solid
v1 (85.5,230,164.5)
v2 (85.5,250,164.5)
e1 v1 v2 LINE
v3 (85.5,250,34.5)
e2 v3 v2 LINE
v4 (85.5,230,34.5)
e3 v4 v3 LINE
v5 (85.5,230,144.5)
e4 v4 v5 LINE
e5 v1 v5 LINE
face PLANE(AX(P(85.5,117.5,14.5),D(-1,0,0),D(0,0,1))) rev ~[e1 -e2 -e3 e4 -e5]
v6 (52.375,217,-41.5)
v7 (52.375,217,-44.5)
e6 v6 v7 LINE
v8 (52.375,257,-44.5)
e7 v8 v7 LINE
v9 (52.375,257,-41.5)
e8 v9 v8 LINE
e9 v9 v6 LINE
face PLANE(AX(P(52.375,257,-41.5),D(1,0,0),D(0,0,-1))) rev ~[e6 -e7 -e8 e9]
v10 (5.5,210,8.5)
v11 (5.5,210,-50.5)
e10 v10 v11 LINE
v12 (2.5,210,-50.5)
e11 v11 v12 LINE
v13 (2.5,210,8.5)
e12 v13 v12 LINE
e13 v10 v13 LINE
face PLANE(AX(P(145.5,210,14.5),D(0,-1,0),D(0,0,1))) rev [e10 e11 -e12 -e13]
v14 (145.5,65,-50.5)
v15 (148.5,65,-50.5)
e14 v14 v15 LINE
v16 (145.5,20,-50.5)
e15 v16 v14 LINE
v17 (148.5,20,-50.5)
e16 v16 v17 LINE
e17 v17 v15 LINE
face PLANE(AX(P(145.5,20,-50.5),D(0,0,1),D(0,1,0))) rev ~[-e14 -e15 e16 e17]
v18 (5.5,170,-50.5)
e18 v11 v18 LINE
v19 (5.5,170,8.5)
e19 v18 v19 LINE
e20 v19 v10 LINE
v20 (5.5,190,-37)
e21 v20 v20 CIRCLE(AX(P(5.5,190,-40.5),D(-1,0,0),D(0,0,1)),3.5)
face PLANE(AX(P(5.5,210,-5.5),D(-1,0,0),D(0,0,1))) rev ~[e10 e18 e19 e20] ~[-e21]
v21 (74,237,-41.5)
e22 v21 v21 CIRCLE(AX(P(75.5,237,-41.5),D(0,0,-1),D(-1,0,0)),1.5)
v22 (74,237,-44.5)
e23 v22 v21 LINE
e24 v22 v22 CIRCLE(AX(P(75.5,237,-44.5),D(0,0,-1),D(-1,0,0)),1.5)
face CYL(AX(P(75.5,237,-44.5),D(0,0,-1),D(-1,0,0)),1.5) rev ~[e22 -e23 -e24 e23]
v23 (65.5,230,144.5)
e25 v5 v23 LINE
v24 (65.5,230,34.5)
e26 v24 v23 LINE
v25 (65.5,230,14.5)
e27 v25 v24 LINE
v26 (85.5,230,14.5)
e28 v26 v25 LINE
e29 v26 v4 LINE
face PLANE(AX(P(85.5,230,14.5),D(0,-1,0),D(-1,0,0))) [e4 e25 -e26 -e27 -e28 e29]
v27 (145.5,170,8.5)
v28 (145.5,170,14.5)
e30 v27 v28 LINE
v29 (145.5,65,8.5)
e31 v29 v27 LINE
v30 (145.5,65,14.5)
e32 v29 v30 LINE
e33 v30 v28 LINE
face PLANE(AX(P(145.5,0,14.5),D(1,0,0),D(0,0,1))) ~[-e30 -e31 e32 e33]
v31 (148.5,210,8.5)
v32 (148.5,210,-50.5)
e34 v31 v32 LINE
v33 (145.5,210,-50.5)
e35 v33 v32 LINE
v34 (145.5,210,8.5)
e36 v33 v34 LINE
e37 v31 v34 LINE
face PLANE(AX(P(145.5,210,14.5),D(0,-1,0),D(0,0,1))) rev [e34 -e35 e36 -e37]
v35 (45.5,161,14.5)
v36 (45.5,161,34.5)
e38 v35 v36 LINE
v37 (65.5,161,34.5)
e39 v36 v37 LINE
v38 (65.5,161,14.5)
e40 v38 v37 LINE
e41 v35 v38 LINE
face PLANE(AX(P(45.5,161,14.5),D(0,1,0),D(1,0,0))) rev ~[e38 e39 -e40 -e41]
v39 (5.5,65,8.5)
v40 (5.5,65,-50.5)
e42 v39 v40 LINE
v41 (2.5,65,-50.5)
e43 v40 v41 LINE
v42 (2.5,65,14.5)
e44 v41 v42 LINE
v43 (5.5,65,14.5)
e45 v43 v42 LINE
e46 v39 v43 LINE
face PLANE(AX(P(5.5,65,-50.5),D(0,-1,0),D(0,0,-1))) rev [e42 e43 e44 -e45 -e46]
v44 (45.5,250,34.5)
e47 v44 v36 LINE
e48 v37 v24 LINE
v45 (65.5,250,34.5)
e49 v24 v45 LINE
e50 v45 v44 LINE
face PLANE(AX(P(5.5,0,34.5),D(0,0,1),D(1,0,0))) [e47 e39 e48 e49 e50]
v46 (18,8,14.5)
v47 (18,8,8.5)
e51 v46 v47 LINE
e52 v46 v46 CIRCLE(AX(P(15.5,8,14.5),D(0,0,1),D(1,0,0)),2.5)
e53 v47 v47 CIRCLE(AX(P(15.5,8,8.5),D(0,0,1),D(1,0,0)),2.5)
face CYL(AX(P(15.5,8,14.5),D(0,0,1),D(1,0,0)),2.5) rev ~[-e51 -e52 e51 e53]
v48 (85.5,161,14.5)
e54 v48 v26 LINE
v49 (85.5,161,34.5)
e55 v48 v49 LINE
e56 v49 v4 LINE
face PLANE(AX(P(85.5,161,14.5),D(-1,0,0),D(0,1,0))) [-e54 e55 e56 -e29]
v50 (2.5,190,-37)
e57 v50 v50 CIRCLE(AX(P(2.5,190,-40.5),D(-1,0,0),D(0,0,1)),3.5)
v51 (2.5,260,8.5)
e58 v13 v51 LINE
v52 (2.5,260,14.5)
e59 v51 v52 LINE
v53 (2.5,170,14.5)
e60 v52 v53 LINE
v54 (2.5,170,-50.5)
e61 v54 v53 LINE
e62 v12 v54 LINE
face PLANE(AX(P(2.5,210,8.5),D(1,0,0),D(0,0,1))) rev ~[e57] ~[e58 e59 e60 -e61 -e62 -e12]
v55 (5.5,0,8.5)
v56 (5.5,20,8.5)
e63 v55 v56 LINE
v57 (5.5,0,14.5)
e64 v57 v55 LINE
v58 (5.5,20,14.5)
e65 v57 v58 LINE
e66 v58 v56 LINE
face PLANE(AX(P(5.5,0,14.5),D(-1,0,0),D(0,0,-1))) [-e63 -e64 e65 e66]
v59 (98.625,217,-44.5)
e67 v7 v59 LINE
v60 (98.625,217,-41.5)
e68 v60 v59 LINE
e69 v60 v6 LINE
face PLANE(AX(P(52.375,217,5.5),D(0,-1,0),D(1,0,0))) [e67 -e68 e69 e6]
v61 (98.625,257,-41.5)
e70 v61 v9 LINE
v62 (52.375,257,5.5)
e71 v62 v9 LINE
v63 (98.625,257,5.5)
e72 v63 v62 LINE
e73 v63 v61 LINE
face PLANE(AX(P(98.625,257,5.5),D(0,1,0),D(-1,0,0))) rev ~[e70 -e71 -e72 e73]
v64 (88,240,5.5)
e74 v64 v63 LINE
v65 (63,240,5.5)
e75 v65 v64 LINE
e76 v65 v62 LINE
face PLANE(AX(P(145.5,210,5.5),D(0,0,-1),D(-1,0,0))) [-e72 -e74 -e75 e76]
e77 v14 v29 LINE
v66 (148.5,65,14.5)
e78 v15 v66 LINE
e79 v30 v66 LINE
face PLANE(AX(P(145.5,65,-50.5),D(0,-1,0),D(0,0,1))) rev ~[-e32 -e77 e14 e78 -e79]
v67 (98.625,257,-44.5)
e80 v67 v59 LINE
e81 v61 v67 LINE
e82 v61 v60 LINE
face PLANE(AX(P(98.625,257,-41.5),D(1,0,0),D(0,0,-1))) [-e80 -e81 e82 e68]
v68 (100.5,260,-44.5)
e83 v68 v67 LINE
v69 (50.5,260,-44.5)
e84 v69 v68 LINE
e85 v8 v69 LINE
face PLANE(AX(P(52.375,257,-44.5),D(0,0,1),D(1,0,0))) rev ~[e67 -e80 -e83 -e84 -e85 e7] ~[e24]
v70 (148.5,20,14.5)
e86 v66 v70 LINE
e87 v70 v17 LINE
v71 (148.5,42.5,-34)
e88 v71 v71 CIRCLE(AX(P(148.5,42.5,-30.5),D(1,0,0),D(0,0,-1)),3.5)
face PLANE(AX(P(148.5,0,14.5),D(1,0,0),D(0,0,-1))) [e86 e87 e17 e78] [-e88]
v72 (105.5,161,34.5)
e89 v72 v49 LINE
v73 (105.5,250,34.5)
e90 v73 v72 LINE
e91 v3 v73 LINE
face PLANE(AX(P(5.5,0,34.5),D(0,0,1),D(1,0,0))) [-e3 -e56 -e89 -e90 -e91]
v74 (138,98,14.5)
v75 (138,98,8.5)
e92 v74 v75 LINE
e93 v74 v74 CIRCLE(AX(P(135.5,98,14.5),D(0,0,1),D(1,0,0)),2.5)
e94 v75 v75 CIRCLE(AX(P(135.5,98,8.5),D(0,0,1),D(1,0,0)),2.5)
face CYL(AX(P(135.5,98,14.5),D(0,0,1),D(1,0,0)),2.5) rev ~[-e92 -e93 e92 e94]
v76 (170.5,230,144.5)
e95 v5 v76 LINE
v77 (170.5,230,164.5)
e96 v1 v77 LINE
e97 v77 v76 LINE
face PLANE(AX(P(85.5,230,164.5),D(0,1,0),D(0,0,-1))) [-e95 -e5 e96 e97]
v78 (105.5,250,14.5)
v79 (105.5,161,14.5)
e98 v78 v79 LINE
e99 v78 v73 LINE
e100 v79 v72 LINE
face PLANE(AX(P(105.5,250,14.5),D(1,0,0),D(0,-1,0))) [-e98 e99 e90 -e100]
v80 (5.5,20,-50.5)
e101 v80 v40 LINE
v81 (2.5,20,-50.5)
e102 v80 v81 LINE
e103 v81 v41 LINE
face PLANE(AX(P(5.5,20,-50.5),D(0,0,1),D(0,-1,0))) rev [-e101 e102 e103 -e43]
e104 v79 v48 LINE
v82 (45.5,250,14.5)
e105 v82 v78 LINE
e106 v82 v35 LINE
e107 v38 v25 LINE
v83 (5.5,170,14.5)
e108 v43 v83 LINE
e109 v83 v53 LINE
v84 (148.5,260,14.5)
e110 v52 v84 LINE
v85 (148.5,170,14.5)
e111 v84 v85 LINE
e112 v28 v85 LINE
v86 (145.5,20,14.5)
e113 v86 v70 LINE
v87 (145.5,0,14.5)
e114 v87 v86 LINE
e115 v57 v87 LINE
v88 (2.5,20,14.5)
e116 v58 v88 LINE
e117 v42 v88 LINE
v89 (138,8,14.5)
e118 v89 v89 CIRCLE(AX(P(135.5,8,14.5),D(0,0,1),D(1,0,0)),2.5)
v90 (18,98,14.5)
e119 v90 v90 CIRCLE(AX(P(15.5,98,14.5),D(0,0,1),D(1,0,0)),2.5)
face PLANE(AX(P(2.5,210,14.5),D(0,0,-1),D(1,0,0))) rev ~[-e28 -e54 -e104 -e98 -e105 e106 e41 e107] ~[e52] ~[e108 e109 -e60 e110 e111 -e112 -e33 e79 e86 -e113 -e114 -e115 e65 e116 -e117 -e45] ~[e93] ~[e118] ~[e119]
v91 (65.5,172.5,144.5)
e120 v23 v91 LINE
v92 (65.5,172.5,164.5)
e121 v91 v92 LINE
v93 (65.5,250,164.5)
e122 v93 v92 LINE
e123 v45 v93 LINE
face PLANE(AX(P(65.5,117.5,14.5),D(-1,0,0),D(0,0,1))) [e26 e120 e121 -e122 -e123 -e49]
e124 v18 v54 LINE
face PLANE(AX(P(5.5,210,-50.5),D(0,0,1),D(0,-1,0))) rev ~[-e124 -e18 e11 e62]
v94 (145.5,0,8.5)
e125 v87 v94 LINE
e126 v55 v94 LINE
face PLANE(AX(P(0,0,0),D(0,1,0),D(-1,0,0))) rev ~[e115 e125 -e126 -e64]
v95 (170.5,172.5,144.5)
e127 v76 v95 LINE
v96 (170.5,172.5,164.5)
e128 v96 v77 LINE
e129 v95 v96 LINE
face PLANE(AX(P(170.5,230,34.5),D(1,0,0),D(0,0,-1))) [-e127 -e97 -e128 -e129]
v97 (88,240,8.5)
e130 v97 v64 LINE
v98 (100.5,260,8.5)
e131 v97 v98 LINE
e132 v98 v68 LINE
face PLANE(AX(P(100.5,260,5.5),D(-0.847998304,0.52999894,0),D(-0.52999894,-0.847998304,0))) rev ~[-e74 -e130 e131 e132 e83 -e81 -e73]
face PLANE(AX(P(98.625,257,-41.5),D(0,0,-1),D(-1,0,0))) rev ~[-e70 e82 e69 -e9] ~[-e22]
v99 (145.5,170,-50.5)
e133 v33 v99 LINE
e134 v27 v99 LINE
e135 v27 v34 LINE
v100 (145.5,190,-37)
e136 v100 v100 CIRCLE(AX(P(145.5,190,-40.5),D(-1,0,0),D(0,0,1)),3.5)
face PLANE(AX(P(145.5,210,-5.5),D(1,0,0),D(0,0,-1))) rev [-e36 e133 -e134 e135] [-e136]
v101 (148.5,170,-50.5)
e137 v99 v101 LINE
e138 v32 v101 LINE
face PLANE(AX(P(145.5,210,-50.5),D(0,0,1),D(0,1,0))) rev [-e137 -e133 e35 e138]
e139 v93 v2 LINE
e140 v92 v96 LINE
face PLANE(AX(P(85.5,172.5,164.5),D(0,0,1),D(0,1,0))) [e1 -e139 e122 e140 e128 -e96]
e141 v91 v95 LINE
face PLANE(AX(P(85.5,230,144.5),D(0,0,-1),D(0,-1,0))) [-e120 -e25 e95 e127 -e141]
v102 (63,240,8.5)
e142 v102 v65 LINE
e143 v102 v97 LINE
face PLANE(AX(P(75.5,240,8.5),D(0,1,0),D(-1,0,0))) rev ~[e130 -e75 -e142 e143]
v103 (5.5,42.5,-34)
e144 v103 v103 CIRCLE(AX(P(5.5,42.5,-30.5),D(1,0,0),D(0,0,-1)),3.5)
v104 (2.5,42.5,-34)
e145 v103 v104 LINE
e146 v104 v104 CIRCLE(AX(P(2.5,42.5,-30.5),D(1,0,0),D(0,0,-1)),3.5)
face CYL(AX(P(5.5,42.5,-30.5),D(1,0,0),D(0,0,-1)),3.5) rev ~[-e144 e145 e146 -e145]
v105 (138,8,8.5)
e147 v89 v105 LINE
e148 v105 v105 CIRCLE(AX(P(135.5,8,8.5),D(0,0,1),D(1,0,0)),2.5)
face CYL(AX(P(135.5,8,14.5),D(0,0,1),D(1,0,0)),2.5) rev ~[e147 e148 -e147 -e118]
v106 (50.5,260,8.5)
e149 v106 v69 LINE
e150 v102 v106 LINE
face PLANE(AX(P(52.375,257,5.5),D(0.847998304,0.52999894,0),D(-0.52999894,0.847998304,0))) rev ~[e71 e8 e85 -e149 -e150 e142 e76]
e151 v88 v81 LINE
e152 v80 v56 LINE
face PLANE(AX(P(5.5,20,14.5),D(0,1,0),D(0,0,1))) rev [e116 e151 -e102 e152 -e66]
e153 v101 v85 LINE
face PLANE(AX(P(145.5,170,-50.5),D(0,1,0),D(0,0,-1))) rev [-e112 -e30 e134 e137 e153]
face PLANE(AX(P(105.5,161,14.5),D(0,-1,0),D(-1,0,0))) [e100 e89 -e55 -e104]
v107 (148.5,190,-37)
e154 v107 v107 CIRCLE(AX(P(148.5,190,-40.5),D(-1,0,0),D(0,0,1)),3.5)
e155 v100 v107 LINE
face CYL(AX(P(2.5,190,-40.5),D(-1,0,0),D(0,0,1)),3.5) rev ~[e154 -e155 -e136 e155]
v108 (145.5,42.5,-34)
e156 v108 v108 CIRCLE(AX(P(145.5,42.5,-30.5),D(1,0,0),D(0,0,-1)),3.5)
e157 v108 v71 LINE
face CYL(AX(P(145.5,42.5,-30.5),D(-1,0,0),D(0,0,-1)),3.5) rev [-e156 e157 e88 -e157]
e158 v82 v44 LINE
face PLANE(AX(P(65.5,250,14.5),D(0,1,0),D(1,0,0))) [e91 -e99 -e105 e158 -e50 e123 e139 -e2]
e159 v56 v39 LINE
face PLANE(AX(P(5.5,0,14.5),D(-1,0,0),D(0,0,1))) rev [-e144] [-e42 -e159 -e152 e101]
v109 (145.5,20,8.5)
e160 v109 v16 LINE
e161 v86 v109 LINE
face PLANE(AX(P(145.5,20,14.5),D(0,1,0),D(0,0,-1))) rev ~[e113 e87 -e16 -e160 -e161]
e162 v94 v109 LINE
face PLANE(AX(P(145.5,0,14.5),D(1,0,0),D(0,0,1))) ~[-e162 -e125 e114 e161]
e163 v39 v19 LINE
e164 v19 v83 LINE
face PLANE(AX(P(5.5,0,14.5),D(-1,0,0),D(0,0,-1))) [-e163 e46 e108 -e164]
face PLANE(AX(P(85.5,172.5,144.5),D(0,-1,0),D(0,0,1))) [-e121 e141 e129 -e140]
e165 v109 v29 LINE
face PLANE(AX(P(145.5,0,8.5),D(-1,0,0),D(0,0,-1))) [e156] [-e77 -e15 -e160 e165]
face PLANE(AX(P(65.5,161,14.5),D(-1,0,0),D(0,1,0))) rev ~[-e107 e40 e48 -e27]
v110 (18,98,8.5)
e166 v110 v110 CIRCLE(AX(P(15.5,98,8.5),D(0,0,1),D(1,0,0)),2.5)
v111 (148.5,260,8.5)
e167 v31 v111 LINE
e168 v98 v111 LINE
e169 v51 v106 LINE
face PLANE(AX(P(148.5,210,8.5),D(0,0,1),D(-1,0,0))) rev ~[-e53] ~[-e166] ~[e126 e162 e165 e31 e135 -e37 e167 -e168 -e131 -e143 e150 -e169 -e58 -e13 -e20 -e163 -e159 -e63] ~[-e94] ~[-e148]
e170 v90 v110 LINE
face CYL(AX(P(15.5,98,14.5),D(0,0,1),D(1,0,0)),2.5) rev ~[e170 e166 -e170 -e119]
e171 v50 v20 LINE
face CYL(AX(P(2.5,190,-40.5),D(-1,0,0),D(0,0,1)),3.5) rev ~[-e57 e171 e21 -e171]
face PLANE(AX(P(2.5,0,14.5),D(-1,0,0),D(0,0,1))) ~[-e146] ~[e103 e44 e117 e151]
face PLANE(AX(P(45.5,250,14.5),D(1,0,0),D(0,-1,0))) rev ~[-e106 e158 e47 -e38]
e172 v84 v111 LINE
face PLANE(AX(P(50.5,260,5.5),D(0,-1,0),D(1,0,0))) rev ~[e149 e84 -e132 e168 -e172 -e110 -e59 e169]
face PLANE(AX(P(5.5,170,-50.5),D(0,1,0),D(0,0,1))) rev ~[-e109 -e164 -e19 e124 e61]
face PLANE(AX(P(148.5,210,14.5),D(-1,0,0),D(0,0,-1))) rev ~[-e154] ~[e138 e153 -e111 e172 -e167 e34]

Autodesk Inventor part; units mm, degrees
sketch "Sketch2" plane through (0, 0, 0) normal (0, 1, 0) x (-1, 0, 0)
  line L0 (-25.5, 14.5) -> (-5.5, 14.5)
  line L1 (-5.5, 14.5) -> (-5.5, -5.5)
  line L2 (-5.5, -5.5) -> (-25.5, -5.5)
  line L3 (-25.5, -5.5) -> (-25.5, 14.5)
  line L4 (-25.5, 14.5) -> (-5.5, -5.5) construction
  line L5 (-5.5, 14.5) -> (-25.5, -5.5) construction
  point P0 (0, 0)
  point P1 (-15.5, 4.5)
  dimension "d0" = 20
  dimension "d1" = 20
extrude "Extrusion1" add sketch "Sketch2" along normal blind 210
sketch "Sketch3" plane through (25.5, 0, 14.5) normal (1, 0, 0) x (0, 0, -1)
  line L0 (20, 0) -> (20, 210) projected
  line L1 (0, 137.5) -> (20, 137.5)
  line L2 (20, 137.5) -> (20, 117.5)
  line L3 (20, 117.5) -> (0, 117.5)
  line L4 (0, 117.5) -> (0, 137.5)
  line L5 (0, 137.5) -> (20, 117.5) construction
  line L6 (20, 137.5) -> (0, 117.5) construction
  point P0 (14.5, 0)
  point P1 (10, 127.5)
  dimension "d4" = 20
extrude "Extrusion2" add sketch "Sketch3" along normal blind 100
ref_plane "Work Plane1" through (75.5, 0, 14.5) normal (1, 0, 0) x (0, 0, -1)
mirror "Mirror1" about plane through (75.5, 0, 14.5) normal (1, 0, 0) of "Extrusion1"
sketch "Sketch4" plane through (5.5, 0, 14.5) normal (0, 0, 1) x (1, 0, 0)
  line L0 (60, 250) -> (80, 250)
  line L1 (80, 250) -> (80, 230)
  line L2 (80, 230) -> (60, 230)
  line L3 (60, 230) -> (60, 250)
  line L4 (60, 250) -> (80, 230) construction
  line L5 (80, 250) -> (60, 230) construction
  point P0 (-5.5, 0)
  point P1 (20, 112.5)
  point P2 (70, 240)
extrude "Extrusion3" add sketch "Sketch4" along normal blind 150
sketch "Sketch11" plane through (5.5, 0, 14.5) normal (0, 0, 1) x (1, 0, 0)
  circle A0 centre (10, 8) radius 2.5
  circle A1 centre (10, 98) radius 2.5
  circle A2 centre (130, 8) radius 2.5
  circle A3 centre (130, 98) radius 2.5
  point P0 (-5.5, 0)
  dimension "d25" = 5
  dimension "d28" = 90
  dimension "d31" = 120
  dimension "d39" = 120
extrude "Extrusion10" cut sketch "Sketch11" against normal blind 36
sketch "Sketch13" plane through (5.5, 0, 14.5) normal (0, 0, 1) x (1, 0, 0)
  circle A0 centre (130, 8) radius 2.5 projected
  circle A1 centre (10, 8) radius 2.5 projected
  circle A2 centre (10, 98) radius 2.5 projected
  circle A3 centre (130, 98) radius 2.5 projected
  line L0 (0, 110) -> (150, 110)
  line L1 (0, 110) -> (0, 0)
  line L2 (0, 0) -> (150, 0)
  line L3 (150, 0) -> (150, 110)
  line L4 (0, 110) -> (0, 55)
  line L5 (0, 55) -> (150, 55)
  point P0 (-5.5, 0)
  dimension "d36" = 55
sketch "Sketch14" plane through (145.5, 0, 14.5) normal (1, 0, 0) x (0, 0, -1)
  line L0 (0, 20) -> (65, 20)
  line L1 (65, 20) -> (65, 65)
  line L2 (65, 65) -> (0, 65)
  line L3 (0, 65) -> (0, 20)
  circle A0 centre (45, 42.5) radius 3.5
  dimension "d44" = 7
  dimension "d45" = 20
  dimension "d94" = 22.5
ref_plane "Work Plane2" through (75.5, 250, 14.5) normal (1, 0, 0) x (0, 0, -1)
extrude "Extrusion12" add sketch "Sketch14" along normal blind 3
mirror "Mirror3" about plane through (75.5, 250, 14.5) normal (1, 0, 0) of "Extrusion12"
sketch "Sketch15" plane through (5.5, 0, 14.5) normal (0, 0, 1) x (1, 0, 0)
  line L0 (0, 0) -> (0, 20) projected
  line L1 (20, 0) -> (0, 0) projected
  line L2 (0, 0) -> (140, 0)
  line L3 (140, 0) -> (140, 110)
  line L4 (0, 110) -> (0, 0)
  line L5 (0, 110) -> (140, 110)
  circle A0 centre (10, 98) radius 2.5 projected
  circle A1 centre (10, 8) radius 2.5 projected
  circle A2 centre (130, 98) radius 2.5 projected
  circle A3 centre (130, 8) radius 2.5 projected
  point P0 (-5.5, 0)
sketch "Sketch18" plane through (5.5, 210, -5.5) normal (-1, 0, 0) x (0, 0, 1)
  line L0 (20, 0) -> (-45, 0)
  line L1 (-45, 0) -> (-45, -40)
  line L2 (-45, -40) -> (20, -40)
  line L3 (20, -40) -> (20, 0)
  point P0 (5.5, -210)
  point P1 (-35, -20)
  dimension "d51" = 65
  dimension "d92" = 10
  dimension "d93" = 20
extrude "Extrusion13" add sketch "Sketch18" along normal blind 3
mirror "Mirror4" about plane through (75.5, 250, 14.5) normal (1, 0, 0) of "Extrusion13"
sketch "Sketch19" plane through (2.5, 210, -5.5) normal (-1, 0, 0) x (0, 0, 1)
  line L0 (-45, 0) -> (-45, -40) projected
  circle A0 centre (-35, -20) radius 3.5
  point P0 (5.5, -210)
  dimension "d54" = 7
  dimension "d55" = 10
extrude "Extrusion14" cut sketch "Sketch19" against normal through all
sketch "Sketch20" plane through (25.5, 0, 14.5) normal (1, 0, 0) x (0, 0, -1)
  line L0 (20, 117.5) -> (0, 117.5) projected
  line L1 (0, 0) -> (0, 117.5) projected
  line L2 (20, 0) -> (0, 0) projected
  line L3 (0, 0) -> (0, 117.5)
  line L4 (6, 117.5) -> (6, 0)
  line L5 (0, 137.5) -> (0, 210) projected
  line L6 (0, 210) -> (20, 210) projected
  line L7 (6, 210) -> (6, 137.5)
  line L8 (6, 137.5) -> (0, 137.5)
  point P0 (14.5, 0)
extrude "Extrusion15" add sketch "Sketch20" along normal up to next
sketch "Sketch21" plane through (0, 0, 0) normal (0, -1, 0) x (1, 0, 0)
  line L0 (145.5, 14.5) -> (145.5, -5.5) projected
  line L1 (5.5, -5.5) -> (145.5, -5.5)
  line L2 (145.5, -5.5) -> (145.5, 8.5)
  line L3 (145.5, 8.5) -> (5.5, 8.5)
  line L4 (5.5, 8.5) -> (5.5, -5.5)
  point P0 (0, 0)
extrude "Extrusion16" cut sketch "Sketch21" against normal through all
sketch "Sketch22" plane through (145.5, 210, 8.5) normal (0, 0, -1) x (-1, 0, 0)
  line L0 (0, 0) -> (140, 0) projected
  line L1 (70, 50) -> (45, 50)
  line L2 (70, 50) -> (95, 50)
  line L3 (70, 30) -> (82.5, 30)
  line L4 (82.5, 30) -> (70, 30)
  line L5 (82.5, 30) -> (95, 50)
  line L6 (57.5, 30) -> (70, 30)
  line L7 (57.5, 30) -> (45, 50)
  point P0 (145.5, -210)
  point P1 (70, 50)
extrude "Extrusion17" add sketch "Sketch22" along normal blind 3
sketch "Sketch25" plane through (0, 210, 0) normal (0, 1, 0) x (1, 0, 0)
  line L0 (145.5, -8.5) -> (5.5, -8.5) projected
  line L1 (148.5, -14.5) -> (148.5, 50.5) projected
  line L2 (2.5, -14.5) -> (148.5, -14.5)
  line L3 (148.5, -14.5) -> (148.5, -8.5)
  line L4 (148.5, -8.5) -> (2.5, -8.5)
  line L5 (2.5, -8.5) -> (2.5, -14.5)
  point P0 (100.5, -8.5)
  point P1 (0, 0)
extrude "Extrusion20" add sketch "Sketch25" along normal blind 50
sketch "Sketch26" plane through (145.5, 210, 5.5) normal (0, 0, -1) x (-1, 0, 0)
  line L0 (95, 50) -> (45, 50) projected
  line L1 (45, 50) -> (57.5, 30) projected
  line L2 (57.5, 30) -> (82.5, 30) projected
  line L3 (82.5, 30) -> (95, 50) projected
  line L4 (46.875, 47) -> (93.125, 47)
  point P0 (145.5, -210)
  dimension "d73" = 3
extrude "Extrusion21" add sketch "Sketch26" along normal blind 50 contours L3 L4 L1 L0
sketch "Sketch27" plane through (52.375, 257, 5.5) normal (0, -1, 0) x (1, 0, 0)
  line L0 (46.25, 0) -> (46.25, -50) projected
  line L1 (0, -50) -> (46.25, -50)
  line L2 (46.25, -50) -> (46.25, -47)
  line L3 (46.25, -47) -> (0, -47)
  line L4 (0, -47) -> (0, -50)
  point P0 (-52.375, -5.5)
extrude "Extrusion22" add sketch "Sketch27" along normal blind 40
sketch "Sketch28" plane through (5.5, 0, 14.5) normal (0, 0, 1) x (1, 0, 0)
  line L0 (60, 250) -> (40, 250)
  line L1 (40, 250) -> (40, 161)
  line L2 (40, 161) -> (60, 161)
  line L3 (60, 161) -> (60, 250)
  line L4 (80, 250) -> (100, 250)
  line L5 (100, 250) -> (100, 161)
  line L6 (100, 161) -> (80, 161)
  line L7 (80, 161) -> (80, 250)
  point P0 (-5.5, 0)
extrude "Extrusion23" add sketch "Sketch28" along normal blind 20
ref_plane "Work Plane3" through (85.5, 117.5, 14.5) normal (-1, 0, 0) x (0, 0, 1)
sketch "Sketch29" plane through (85.5, 117.5, 14.5) normal (-1, 0, 0) x (0, 0, 1)
  line L0 (130, 112.5) -> (150, 112.5) projected
  line L1 (130, 112.5) -> (130, 55) projected
  line L2 (130, 55) -> (150, 55) projected
  line L3 (150, 55) -> (150, 112.5) projected
  point P0 (-14.5, -117.5)
extrude "Extrusion24" add sketch "Sketch29" along normal blind 20
ref_plane "Work Plane4" through (170.5, 117.5, 14.5) normal (1, 0, 0) x (0, 0, -1)
sketch "Sketch32" plane through (85.5, 230, 34.5) normal (1, 0, 0) x (0, 0, -1)
  line L0 (-130, -57.5) -> (-130, 20) projected
  line L1 (-110, -57.5) -> (-130, -57.5) projected
  line L2 (-110, 0) -> (-110, -57.5) projected
  line L3 (0, 0) -> (-110, 0) projected
  line L4 (-130, 0) -> (-110, 0)
  point P0 (34.5, -230)
extrude "Extrusion26" add sketch "Sketch32" along normal blind 85
sketch "Sketch34" plane through (145.5, 210, -44.5) normal (0, 0, -1) x (-1, 0, 0)
  circle A0 centre (70, 27) radius 1.5
  point P0 (145.5, -210)
  dimension "d89" = 3
extrude "Extrusion27" cut sketch "Sketch34" against normal blind 5
properties part number "robot chasis"
